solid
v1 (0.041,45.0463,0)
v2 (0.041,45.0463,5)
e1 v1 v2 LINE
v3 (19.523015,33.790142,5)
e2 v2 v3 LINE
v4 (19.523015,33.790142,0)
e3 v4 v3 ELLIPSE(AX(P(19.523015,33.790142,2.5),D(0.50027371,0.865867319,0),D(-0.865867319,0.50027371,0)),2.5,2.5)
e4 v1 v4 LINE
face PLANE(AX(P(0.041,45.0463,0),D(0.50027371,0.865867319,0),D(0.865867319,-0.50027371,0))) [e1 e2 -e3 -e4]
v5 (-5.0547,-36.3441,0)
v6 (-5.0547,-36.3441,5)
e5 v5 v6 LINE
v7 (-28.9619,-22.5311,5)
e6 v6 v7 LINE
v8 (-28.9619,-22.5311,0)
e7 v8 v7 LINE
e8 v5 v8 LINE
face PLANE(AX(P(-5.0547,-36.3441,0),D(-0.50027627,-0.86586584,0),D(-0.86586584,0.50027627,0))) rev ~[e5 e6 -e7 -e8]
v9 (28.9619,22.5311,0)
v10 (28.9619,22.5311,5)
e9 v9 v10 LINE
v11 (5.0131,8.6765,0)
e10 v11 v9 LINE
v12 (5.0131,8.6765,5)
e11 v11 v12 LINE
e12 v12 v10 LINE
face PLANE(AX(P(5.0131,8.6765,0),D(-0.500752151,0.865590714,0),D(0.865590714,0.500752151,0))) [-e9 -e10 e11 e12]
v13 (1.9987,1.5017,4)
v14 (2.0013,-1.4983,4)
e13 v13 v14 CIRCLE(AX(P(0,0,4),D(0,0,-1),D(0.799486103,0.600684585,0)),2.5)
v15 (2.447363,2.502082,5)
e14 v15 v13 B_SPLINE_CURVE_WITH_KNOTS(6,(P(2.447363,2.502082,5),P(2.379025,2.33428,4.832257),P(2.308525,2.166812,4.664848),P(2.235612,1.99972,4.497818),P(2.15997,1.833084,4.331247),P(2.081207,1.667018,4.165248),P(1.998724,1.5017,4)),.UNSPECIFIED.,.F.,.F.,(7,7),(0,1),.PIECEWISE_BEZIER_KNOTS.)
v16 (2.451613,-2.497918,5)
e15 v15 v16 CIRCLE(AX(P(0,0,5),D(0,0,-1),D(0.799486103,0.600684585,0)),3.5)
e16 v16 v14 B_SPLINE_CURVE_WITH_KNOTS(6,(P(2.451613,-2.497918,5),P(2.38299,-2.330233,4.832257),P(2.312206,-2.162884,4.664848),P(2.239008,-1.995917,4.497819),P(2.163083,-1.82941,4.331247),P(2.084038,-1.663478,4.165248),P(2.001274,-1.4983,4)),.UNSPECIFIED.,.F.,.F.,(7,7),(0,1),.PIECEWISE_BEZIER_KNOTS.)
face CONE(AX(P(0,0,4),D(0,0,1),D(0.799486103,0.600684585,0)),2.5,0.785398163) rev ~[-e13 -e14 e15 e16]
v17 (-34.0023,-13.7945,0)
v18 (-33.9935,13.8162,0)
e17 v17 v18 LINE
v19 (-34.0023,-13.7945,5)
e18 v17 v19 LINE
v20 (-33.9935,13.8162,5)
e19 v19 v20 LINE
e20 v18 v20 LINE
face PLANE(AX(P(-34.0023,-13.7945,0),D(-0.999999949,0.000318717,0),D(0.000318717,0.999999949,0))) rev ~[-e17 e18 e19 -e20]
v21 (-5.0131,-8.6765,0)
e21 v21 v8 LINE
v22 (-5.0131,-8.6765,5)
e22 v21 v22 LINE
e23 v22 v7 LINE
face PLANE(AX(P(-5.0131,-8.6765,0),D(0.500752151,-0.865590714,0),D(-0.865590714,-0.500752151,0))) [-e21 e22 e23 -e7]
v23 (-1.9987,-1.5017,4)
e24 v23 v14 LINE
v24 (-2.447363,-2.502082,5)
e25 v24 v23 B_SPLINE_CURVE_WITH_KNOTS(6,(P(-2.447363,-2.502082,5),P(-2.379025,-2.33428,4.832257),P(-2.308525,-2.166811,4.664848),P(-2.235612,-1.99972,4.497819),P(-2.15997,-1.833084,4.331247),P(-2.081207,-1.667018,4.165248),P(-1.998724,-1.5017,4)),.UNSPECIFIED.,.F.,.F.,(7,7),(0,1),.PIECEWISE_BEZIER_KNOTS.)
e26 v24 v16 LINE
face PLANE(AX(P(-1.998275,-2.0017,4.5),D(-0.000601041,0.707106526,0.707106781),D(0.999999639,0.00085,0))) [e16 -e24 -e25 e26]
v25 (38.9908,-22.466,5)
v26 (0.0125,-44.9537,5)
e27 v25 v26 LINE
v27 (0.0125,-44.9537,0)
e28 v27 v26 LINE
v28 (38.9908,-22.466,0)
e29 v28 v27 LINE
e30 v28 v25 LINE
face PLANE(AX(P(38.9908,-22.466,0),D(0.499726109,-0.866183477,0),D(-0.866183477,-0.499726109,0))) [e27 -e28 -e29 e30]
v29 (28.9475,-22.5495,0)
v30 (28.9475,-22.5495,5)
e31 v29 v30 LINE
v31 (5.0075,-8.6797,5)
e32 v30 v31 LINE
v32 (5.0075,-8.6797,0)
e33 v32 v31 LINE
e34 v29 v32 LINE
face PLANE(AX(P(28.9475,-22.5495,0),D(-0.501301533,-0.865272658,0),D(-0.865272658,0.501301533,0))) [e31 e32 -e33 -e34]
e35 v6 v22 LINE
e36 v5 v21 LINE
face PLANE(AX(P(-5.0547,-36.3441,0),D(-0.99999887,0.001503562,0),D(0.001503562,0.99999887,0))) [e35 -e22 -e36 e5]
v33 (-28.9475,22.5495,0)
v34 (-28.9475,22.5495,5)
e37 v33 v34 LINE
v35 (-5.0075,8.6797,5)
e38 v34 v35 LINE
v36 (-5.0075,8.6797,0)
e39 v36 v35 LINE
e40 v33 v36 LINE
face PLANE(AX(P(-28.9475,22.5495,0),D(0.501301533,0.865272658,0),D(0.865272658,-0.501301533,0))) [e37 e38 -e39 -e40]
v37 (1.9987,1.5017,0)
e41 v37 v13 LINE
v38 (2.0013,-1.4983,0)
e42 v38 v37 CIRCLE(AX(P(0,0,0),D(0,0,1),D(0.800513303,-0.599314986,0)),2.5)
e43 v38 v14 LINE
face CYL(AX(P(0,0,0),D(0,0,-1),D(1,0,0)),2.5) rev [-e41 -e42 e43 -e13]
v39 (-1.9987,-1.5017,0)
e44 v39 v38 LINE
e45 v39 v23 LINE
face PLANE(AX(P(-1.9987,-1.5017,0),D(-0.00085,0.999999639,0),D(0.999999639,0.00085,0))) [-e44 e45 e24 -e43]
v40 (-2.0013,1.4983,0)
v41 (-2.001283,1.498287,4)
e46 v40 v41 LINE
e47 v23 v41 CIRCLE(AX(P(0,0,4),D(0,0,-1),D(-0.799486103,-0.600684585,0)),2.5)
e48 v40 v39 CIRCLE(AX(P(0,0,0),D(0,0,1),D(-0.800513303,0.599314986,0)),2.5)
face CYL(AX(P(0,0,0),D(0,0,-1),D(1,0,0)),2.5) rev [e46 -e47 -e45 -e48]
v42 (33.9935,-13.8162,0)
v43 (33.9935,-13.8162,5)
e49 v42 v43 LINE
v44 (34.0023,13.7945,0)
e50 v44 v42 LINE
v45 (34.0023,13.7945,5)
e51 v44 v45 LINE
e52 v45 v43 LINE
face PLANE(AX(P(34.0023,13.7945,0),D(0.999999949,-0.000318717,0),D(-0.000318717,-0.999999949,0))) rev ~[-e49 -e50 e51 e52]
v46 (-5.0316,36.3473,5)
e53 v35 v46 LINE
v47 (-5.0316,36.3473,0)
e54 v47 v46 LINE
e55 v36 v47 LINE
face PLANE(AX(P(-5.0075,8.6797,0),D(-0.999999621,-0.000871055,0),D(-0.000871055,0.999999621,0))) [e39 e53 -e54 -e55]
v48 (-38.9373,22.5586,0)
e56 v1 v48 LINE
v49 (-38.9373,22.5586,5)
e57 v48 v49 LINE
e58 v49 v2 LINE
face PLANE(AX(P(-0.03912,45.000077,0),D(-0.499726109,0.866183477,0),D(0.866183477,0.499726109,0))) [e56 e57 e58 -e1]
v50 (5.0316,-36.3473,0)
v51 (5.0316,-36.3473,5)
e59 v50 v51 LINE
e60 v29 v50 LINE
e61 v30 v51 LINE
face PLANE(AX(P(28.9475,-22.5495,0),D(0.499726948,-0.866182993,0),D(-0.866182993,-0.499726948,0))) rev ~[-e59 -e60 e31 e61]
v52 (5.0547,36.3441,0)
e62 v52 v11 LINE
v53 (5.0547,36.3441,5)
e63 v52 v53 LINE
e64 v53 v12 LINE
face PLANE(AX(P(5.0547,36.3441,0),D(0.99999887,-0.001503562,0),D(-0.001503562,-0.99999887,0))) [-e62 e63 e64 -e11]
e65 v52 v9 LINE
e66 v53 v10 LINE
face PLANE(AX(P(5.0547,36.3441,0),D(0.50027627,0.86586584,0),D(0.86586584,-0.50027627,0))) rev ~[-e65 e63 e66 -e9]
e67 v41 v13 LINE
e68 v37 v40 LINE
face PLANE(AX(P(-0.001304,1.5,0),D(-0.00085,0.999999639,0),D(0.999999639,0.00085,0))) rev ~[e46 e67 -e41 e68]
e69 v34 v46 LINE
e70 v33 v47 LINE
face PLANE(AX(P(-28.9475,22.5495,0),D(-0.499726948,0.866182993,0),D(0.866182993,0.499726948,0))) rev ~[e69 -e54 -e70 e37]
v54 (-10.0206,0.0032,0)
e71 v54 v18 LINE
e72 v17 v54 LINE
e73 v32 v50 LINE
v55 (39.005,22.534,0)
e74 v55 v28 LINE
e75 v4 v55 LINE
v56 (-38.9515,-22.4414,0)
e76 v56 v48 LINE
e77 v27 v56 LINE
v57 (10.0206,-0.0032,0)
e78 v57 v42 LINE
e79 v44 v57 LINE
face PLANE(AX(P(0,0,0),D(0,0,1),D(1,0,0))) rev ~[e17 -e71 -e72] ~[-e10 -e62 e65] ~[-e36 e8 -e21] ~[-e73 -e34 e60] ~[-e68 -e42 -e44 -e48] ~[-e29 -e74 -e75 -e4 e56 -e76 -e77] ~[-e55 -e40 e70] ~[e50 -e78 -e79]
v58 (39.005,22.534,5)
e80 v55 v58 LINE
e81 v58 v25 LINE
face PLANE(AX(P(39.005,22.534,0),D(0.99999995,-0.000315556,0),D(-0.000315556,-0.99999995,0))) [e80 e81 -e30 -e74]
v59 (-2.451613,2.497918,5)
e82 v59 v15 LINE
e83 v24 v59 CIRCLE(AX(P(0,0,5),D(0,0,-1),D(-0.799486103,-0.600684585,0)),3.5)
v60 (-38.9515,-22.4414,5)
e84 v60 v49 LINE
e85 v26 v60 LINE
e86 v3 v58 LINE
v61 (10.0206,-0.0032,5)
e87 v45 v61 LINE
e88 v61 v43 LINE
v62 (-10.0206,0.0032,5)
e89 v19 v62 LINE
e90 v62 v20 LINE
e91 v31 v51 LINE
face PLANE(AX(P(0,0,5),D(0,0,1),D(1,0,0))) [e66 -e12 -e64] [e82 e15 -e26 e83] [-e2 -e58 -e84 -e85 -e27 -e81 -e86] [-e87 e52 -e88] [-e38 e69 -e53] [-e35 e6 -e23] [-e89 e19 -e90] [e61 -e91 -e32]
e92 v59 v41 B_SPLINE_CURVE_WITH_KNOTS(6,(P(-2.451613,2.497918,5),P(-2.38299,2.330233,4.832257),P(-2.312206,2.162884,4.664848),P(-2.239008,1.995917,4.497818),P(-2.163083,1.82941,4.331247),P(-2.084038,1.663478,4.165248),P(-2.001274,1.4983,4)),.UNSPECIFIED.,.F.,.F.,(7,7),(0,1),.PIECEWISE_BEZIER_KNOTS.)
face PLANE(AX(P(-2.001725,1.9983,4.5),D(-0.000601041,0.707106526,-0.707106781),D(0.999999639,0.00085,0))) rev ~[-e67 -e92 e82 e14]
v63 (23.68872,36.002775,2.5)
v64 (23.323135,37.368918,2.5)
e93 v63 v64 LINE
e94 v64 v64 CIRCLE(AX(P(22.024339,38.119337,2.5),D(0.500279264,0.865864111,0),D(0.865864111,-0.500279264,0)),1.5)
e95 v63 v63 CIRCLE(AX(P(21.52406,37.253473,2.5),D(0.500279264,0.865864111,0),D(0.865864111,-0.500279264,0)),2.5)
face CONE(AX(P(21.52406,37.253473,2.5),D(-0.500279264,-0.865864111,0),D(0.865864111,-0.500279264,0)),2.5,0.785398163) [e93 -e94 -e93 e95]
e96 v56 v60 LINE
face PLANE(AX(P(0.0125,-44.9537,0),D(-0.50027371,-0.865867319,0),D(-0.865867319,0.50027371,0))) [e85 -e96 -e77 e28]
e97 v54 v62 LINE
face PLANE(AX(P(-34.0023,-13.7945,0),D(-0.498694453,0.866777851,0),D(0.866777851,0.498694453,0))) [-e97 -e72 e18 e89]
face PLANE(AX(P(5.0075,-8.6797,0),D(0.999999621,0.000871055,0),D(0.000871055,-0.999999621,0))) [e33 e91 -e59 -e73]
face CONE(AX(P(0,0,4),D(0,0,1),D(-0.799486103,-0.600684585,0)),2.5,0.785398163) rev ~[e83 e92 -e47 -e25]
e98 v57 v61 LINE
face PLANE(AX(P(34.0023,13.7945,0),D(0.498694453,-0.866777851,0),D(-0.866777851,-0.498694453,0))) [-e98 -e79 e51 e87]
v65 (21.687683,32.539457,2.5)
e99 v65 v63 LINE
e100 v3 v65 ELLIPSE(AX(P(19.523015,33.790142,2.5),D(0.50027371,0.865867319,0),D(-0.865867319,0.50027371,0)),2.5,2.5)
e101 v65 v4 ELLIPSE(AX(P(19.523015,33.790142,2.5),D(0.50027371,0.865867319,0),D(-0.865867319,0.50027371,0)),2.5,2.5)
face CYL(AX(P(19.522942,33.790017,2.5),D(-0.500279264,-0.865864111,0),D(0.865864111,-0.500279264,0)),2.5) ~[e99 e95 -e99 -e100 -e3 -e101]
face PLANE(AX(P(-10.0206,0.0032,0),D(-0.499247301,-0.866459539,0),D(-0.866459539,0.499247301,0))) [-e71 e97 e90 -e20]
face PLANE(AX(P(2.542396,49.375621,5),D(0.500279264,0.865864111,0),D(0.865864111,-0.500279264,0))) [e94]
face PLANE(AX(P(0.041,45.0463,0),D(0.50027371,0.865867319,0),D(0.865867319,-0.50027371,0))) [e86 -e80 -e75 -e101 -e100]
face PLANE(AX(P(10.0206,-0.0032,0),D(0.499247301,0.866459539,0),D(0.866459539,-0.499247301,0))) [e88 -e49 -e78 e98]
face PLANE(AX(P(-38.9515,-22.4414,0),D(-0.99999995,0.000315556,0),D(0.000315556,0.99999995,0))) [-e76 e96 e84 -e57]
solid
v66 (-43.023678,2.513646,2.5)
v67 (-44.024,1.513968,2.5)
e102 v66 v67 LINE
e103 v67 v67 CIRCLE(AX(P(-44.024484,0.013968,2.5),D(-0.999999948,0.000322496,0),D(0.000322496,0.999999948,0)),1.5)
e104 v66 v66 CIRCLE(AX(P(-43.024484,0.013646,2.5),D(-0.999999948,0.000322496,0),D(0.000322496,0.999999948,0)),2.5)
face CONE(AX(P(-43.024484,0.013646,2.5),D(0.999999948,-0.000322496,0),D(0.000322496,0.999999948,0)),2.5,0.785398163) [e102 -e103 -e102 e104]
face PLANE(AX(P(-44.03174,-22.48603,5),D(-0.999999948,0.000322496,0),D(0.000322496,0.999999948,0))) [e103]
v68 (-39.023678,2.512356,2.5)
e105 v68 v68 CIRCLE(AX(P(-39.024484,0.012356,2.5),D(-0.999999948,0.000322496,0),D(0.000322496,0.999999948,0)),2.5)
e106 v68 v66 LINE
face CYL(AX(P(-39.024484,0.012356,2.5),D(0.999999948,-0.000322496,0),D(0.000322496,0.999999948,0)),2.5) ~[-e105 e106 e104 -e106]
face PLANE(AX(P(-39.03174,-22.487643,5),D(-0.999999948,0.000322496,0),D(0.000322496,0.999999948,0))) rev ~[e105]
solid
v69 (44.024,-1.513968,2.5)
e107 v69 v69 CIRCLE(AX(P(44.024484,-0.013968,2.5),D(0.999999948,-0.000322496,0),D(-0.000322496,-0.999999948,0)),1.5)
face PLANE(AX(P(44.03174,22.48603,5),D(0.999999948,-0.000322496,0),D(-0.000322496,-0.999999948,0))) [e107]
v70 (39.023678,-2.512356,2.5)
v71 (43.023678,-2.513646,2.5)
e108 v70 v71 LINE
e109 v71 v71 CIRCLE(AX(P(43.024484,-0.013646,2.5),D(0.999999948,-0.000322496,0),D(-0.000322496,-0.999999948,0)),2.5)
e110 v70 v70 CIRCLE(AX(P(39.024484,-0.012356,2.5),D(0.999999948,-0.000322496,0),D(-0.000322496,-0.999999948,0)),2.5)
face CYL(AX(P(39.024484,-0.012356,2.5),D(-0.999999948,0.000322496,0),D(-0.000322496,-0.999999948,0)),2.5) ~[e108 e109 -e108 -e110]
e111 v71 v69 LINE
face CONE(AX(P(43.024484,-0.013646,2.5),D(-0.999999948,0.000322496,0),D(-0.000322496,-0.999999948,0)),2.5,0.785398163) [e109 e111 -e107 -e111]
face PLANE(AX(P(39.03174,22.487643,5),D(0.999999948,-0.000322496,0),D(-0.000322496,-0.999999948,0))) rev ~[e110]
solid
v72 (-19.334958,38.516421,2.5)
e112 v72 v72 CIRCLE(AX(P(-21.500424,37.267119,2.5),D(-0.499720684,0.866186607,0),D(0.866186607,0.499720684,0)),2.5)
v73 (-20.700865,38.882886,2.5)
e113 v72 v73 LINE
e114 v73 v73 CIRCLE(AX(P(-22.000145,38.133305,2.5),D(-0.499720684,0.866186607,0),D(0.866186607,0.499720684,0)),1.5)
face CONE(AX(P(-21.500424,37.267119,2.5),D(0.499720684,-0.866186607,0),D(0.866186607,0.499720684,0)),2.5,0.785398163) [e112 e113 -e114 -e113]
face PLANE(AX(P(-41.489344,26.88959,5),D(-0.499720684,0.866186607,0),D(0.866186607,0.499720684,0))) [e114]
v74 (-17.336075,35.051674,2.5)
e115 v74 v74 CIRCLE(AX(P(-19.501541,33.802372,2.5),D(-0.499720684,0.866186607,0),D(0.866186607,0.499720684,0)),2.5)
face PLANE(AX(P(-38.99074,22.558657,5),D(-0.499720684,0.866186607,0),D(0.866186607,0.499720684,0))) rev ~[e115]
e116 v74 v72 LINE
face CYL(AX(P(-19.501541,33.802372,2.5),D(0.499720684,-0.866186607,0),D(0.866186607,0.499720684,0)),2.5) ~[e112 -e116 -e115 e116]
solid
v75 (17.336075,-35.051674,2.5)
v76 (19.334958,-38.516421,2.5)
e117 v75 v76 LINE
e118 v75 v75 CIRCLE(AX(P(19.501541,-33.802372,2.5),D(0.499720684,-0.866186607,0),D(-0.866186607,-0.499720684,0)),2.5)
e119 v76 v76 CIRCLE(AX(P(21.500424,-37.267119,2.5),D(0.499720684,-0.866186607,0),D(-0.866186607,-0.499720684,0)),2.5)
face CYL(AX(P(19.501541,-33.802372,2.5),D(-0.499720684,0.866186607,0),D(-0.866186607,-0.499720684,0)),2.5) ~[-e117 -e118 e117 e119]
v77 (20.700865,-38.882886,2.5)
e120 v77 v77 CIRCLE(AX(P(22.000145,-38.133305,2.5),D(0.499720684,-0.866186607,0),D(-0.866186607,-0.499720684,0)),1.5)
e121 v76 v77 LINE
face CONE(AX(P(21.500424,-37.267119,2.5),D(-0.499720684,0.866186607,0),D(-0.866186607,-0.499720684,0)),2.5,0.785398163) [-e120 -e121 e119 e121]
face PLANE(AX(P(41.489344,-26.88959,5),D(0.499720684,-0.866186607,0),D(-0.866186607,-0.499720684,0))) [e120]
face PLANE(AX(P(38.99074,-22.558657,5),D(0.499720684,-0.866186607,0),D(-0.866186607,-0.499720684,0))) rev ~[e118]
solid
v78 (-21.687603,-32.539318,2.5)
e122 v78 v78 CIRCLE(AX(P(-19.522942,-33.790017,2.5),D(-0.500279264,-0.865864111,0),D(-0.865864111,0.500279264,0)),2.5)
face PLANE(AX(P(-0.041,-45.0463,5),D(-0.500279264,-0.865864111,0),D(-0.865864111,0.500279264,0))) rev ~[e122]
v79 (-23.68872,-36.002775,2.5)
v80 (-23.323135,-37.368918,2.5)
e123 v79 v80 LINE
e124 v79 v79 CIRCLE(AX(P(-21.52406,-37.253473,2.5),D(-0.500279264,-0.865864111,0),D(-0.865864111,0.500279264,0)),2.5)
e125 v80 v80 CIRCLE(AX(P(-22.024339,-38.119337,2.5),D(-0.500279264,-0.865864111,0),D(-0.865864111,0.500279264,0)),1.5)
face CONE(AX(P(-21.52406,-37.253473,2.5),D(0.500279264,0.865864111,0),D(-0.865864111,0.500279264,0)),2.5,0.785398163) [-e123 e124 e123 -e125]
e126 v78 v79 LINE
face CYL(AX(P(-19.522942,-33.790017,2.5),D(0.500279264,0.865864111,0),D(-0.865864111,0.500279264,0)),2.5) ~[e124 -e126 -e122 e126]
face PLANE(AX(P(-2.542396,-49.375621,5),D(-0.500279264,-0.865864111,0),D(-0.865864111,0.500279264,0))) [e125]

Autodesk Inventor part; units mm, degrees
ref_plane "YZ Plane" through (0, 0, 0) normal (1, 0, 0) x (0, 1, 0)
ref_plane "XZ Plane" through (0, 0, 0) normal (0, 1, 0) x (-1, 0, 0)
ref_plane "XY Plane" through (0, 0, 0) normal (0, 0, 1) x (1, 0, 0)
sketch "스케치1" plane through (0, 0, 0) normal (0, 0, 1) x (1, 0, 0)
  line L0 (0.041, 45.0463) -> (39.005, 22.534)
  line L1 (39.005, 22.534) -> (38.9908, -22.466)
  line L2 (38.9908, -22.466) -> (0.0125, -44.9537)
  line L3 (0.0125, -44.9537) -> (-38.9515, -22.4414)
  line L4 (-38.9515, -22.4414) -> (-38.9373, 22.5586)
  line L5 (-38.9373, 22.5586) -> (0.041, 45.0463)
  line L6 (-38.9373, 22.5586) -> (0, 0)
  line L7 (0, 0) -> (-0.0392, 45.0926)
  line L8 (-5.0075, 8.6797) -> (-5.0316, 36.3473)
  line L9 (0.0143, -39.1802) -> (0.0341, -39.1916)
  line L10 (-28.9475, 22.5495) -> (-5.0075, 8.6797)
  line L11 (-28.9475, 22.5495) -> (-5.0316, 36.3473)
  line L12 (-0.0341, 39.2305) -> (0.0392, 39.2728)
  line L13 (5.0131, 8.6765) -> (28.9619, 22.5311)
  line L14 (5.0547, 36.3441) -> (28.9619, 22.5311)
  line L15 (5.0547, 36.3441) -> (5.0131, 8.6765)
  line L16 (10.0206, -0.0032) -> (33.9935, -13.8162)
  line L17 (34.0023, 13.7945) -> (33.9935, -13.8162)
  line L18 (34.0023, 13.7945) -> (10.0206, -0.0032)
  line L19 (5.0075, -8.6797) -> (5.0316, -36.3473)
  line L20 (28.9475, -22.5495) -> (5.0316, -36.3473)
  line L21 (28.9475, -22.5495) -> (5.0075, -8.6797)
  line L22 (-5.0131, -8.6765) -> (-28.9619, -22.5311)
  line L23 (-5.0547, -36.3441) -> (-28.9619, -22.5311)
  line L24 (-5.0547, -36.3441) -> (-5.0131, -8.6765)
  line L25 (-10.0206, 0.0032) -> (-33.9935, 13.8162)
  line L26 (-34.0023, -13.7945) -> (-33.9935, 13.8162)
  line L27 (-34.0023, -13.7945) -> (-10.0206, 0.0032)
  circle A0 centre (0, 0) radius 2.5
  line L28 (-2.0013, 1.4983) -> (1.9987, 1.5017)
  line L29 (-1.9987, -1.5017) -> (2.0013, -1.4983)
  dimension "d19" = 45
  dimension "d20" = 5
  dimension "d22" = 5
  dimension "d23" = 5
  dimension "d26" = 360
  dimension "d28" = 5
  dimension "d29" = 1.5
  dimension "d30" = 1.5
extrude "돌출1" add sketch "스케치1" along normal blind 5 contours L0 L1 L2 L3 L4 L6 A0 L7 L5 | L7 A0 L6 L5 | A0 L28 L7 | L7 L28 A0 | L29 A0
sketch "스케치2" plane through (0.041, 45.0463, 5) normal (0.5003, 0.8659, 0) x (0.8659, -0.5003, 0)
  line L0 (45, 5) -> (0, 5) construction
  circle A0 centre (22.5, 2.5) radius 2.5
  point P0 (22.5, 5)
  point P1 (22.5, 5)
  dimension "d31" = 5
  dimension "d32" = 0
extrude "돌출2" add sketch "스케치2" along normal blind 5
chamfer "모따기1" distance 1 angle 45 1 edges at (19.8597, 39.3701, 2.5)
pattern_circular "원형 패턴1" count 6 over 360 about axis through (0, 0, -10) along (0, 0, 1) of "돌출2", "모따기1"
chamfer "모따기2" distance 1 angle 45 4 edges at (0.0013, -1.5, 5) (-2.5, -0.0022, 5) (-0.0013, 1.5, 5) (2.5, 0.0022, 5)
properties part number "inner_case_bottom"
